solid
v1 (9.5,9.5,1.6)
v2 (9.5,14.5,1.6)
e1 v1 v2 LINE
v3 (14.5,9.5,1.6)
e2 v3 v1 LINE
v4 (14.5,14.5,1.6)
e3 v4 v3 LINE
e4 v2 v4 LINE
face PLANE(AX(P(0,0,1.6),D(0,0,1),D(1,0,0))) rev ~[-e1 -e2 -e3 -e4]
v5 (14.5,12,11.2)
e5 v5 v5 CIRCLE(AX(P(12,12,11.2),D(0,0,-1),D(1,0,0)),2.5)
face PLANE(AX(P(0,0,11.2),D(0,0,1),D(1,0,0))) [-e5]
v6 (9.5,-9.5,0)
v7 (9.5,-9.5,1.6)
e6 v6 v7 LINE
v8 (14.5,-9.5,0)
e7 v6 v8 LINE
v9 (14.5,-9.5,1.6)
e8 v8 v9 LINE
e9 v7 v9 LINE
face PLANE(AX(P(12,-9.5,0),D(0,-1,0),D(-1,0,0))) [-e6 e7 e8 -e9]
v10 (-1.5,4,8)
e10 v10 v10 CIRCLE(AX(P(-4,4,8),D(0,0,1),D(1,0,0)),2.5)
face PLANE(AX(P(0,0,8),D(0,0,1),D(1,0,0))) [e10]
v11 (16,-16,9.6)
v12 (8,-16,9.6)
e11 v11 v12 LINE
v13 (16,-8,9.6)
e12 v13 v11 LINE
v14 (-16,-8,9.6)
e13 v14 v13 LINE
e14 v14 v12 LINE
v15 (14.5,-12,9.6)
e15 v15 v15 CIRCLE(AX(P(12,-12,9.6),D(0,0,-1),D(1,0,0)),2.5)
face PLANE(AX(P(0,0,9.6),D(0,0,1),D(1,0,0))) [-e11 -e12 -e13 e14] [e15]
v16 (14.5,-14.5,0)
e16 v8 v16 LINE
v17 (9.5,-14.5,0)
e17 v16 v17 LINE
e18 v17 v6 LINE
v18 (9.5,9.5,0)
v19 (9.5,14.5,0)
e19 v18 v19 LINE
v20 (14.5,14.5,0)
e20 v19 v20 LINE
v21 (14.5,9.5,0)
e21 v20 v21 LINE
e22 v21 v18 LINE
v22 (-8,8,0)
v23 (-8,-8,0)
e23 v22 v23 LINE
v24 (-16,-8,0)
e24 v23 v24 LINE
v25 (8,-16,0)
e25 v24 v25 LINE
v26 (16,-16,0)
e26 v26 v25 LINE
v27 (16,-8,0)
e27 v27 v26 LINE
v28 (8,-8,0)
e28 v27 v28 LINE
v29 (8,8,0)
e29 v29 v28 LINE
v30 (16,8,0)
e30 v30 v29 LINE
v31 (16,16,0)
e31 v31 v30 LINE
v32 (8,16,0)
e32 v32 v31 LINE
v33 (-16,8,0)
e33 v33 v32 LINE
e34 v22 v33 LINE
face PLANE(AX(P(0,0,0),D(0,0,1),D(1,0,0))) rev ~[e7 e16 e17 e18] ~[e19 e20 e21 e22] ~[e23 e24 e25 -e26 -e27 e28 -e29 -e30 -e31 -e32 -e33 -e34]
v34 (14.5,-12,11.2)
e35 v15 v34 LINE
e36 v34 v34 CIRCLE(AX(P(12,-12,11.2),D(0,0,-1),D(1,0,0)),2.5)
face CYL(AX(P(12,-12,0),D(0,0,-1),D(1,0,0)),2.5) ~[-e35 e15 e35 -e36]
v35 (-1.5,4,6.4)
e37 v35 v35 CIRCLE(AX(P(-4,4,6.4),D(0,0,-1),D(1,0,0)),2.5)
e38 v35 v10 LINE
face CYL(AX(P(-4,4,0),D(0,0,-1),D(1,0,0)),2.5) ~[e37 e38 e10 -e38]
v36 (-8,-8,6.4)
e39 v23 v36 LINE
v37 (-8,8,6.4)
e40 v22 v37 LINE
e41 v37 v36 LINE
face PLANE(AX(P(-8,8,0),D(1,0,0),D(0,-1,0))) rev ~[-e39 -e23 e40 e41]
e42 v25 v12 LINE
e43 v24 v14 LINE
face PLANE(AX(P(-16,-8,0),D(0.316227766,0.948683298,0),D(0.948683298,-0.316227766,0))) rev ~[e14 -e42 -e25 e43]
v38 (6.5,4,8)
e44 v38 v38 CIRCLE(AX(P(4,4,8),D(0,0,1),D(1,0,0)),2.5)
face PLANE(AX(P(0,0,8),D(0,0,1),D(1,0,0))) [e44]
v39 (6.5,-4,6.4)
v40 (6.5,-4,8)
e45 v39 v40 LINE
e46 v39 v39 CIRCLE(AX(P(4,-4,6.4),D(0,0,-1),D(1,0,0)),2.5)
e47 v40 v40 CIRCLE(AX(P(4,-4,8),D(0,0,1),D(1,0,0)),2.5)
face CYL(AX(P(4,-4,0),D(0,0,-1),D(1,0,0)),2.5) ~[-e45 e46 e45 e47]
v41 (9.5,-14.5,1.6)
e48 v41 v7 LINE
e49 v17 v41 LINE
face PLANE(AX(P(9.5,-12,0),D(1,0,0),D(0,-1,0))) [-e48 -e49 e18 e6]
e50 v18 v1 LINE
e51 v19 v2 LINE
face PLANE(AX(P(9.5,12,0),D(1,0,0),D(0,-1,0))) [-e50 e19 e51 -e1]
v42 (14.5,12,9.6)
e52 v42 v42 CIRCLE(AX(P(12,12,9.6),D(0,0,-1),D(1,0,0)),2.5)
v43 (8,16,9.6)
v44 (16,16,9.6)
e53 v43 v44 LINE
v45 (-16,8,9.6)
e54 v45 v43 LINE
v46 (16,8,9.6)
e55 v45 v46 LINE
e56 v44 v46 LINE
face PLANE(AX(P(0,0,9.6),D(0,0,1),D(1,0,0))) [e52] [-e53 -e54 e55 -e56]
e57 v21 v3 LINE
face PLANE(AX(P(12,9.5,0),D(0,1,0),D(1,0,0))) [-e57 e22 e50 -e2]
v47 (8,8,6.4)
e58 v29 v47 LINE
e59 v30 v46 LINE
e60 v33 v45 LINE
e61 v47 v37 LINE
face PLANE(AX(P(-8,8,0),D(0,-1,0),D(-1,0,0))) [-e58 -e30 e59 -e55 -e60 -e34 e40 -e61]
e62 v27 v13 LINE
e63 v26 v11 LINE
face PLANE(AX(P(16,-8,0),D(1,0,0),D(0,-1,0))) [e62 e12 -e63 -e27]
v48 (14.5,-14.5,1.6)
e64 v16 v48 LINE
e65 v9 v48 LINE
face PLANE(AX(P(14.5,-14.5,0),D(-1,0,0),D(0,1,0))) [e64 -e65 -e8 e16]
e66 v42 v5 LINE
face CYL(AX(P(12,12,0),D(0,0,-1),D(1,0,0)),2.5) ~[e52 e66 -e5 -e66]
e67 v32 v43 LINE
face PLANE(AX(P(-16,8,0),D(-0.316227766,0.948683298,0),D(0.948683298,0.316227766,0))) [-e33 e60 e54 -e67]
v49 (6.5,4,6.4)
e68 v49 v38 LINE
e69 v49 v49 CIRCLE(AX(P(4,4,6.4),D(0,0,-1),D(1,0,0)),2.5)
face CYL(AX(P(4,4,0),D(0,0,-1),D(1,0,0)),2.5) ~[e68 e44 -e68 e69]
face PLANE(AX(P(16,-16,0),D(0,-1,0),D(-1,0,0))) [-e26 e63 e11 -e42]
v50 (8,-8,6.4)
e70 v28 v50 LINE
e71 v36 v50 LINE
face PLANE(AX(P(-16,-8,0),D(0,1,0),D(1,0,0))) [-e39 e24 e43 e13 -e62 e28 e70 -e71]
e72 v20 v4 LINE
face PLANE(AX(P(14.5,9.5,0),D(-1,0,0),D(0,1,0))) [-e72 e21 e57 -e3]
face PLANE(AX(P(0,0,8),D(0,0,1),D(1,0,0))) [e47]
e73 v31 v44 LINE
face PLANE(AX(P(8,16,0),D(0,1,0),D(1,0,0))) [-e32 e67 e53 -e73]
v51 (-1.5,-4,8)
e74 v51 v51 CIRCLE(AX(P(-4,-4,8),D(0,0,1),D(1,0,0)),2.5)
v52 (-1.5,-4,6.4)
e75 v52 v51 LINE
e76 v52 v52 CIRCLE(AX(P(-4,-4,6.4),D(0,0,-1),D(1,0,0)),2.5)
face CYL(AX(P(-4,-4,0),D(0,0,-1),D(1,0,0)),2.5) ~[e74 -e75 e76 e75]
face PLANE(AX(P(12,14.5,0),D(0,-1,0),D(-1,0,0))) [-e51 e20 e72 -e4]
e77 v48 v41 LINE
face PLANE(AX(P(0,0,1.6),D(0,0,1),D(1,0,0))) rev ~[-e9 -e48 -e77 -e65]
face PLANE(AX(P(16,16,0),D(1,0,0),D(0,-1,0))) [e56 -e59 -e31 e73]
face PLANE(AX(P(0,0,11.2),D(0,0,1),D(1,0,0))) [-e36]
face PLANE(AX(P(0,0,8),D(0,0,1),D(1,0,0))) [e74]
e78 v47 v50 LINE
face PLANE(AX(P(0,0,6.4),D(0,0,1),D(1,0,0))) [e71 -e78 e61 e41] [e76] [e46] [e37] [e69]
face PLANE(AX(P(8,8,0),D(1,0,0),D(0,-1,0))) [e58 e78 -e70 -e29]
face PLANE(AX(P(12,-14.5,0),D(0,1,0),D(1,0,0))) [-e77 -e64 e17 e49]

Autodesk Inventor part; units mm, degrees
ref_plane "YZ Plane" through (0, 0, 0) normal (1, 0, 0) x (0, 1, 0)
ref_plane "XZ Plane" through (0, 0, 0) normal (0, 1, 0) x (-1, 0, 0)
ref_plane "XY Plane" through (0, 0, 0) normal (0, 0, 1) x (1, 0, 0)
sketch "Sketch1" plane through (0, 0, 0) normal (0, 0, 1) x (1, 0, 0)
  line L0 (0, -22.4) -> (0, 22.4) construction
  line L1 (-22.4, 0) -> (22.4, 0) construction
  line L2 (-16, 16) -> (16, 16)
  line L3 (16, 16) -> (16, -16)
  line L4 (16, -16) -> (-16, -16)
  line L5 (-16, -16) -> (-16, 16)
  line L6 (16, 8) -> (-16, 8)
  line L7 (8, 8) -> (8, -8)
  line L8 (-16, -8) -> (16, -8)
  line L9 (-16, 8) -> (8, 16)
  line L10 (-16, -8) -> (8, -16)
  line L11 (8, -8) -> (16, -16) construction
  line L12 (8, 8) -> (16, 16) construction
  line L13 (-8, 8) -> (-8, -8)
  line L14 (-4, 4) -> (4, 4) construction
  line L15 (4, 4) -> (4, -4) construction
  line L16 (4, -4) -> (-4, -4) construction
  line L17 (-4, -4) -> (-4, 4) construction
  circle A0 centre (-4, 4) radius 2.5
  circle A1 centre (4, 4) radius 2.5
  circle A2 centre (4, -4) radius 2.5
  circle A3 centre (-4, -4) radius 2.5
  circle A4 centre (12, 12) radius 2.5
  circle A5 centre (12, -12) radius 2.5
  line L18 (9.5, -14.5) -> (14.5, -14.5)
  line L19 (14.5, -14.5) -> (14.5, -9.5)
  line L20 (14.5, -9.5) -> (9.5, -9.5)
  line L21 (9.5, -9.5) -> (9.5, -14.5)
  line L22 (9.5, 9.5) -> (14.5, 9.5)
  line L23 (14.5, 9.5) -> (14.5, 14.5)
  line L24 (14.5, 14.5) -> (9.5, 14.5)
  line L25 (9.5, 14.5) -> (9.5, 9.5)
  point P0 (-16, 0)
  point P1 (0, 16)
  point P2 (8, 0)
  point P3 (0, 4)
  point P4 (4, 0)
  dimension "d0" = 32
  dimension "d1" = 32
  dimension "d2" = 8
  dimension "d3" = 16
  dimension "d4" = 16
  dimension "d5" = 8
  dimension "d6" = 5
extrude "Extrusion1" add sketch "Sketch1" along normal blind 9.6 contours L2 L3 L6 L9 | L8 L3 L4 L10 | A4 | L23 L22 A4 | A4 L24 L23 | A4 L25 L24 | L22 L25 A4 | A5 | L19 L18 A5 | A5 L20 L19 | A5 L21 L20 | L18 L21 A5
extrude "Extrusion5" add sketch "Sketch1" along normal blind 6.4 contours L6 L7 L8 L13 | A0 | A1 | A2 | A3
extrude "Extrusion6" add sketch "Sketch1" along normal blind 8 contours A0 | A1 | A2 | A3
extrude "Extrusion7" add sketch "Sketch1" along normal blind 11.2 contours A4 | A5
extrude "Extrusion8" cut sketch "Sketch1" along normal blind 1.6 contours A4 | L23 L22 A4 | A4 L24 L23 | A4 L25 L24 | L22 L25 A4 | A5 | L19 L18 A5 | A5 L20 L19 | A5 L21 L20 | L18 L21 A5
properties part number "LEGO Brick 2399" material "Steel"
